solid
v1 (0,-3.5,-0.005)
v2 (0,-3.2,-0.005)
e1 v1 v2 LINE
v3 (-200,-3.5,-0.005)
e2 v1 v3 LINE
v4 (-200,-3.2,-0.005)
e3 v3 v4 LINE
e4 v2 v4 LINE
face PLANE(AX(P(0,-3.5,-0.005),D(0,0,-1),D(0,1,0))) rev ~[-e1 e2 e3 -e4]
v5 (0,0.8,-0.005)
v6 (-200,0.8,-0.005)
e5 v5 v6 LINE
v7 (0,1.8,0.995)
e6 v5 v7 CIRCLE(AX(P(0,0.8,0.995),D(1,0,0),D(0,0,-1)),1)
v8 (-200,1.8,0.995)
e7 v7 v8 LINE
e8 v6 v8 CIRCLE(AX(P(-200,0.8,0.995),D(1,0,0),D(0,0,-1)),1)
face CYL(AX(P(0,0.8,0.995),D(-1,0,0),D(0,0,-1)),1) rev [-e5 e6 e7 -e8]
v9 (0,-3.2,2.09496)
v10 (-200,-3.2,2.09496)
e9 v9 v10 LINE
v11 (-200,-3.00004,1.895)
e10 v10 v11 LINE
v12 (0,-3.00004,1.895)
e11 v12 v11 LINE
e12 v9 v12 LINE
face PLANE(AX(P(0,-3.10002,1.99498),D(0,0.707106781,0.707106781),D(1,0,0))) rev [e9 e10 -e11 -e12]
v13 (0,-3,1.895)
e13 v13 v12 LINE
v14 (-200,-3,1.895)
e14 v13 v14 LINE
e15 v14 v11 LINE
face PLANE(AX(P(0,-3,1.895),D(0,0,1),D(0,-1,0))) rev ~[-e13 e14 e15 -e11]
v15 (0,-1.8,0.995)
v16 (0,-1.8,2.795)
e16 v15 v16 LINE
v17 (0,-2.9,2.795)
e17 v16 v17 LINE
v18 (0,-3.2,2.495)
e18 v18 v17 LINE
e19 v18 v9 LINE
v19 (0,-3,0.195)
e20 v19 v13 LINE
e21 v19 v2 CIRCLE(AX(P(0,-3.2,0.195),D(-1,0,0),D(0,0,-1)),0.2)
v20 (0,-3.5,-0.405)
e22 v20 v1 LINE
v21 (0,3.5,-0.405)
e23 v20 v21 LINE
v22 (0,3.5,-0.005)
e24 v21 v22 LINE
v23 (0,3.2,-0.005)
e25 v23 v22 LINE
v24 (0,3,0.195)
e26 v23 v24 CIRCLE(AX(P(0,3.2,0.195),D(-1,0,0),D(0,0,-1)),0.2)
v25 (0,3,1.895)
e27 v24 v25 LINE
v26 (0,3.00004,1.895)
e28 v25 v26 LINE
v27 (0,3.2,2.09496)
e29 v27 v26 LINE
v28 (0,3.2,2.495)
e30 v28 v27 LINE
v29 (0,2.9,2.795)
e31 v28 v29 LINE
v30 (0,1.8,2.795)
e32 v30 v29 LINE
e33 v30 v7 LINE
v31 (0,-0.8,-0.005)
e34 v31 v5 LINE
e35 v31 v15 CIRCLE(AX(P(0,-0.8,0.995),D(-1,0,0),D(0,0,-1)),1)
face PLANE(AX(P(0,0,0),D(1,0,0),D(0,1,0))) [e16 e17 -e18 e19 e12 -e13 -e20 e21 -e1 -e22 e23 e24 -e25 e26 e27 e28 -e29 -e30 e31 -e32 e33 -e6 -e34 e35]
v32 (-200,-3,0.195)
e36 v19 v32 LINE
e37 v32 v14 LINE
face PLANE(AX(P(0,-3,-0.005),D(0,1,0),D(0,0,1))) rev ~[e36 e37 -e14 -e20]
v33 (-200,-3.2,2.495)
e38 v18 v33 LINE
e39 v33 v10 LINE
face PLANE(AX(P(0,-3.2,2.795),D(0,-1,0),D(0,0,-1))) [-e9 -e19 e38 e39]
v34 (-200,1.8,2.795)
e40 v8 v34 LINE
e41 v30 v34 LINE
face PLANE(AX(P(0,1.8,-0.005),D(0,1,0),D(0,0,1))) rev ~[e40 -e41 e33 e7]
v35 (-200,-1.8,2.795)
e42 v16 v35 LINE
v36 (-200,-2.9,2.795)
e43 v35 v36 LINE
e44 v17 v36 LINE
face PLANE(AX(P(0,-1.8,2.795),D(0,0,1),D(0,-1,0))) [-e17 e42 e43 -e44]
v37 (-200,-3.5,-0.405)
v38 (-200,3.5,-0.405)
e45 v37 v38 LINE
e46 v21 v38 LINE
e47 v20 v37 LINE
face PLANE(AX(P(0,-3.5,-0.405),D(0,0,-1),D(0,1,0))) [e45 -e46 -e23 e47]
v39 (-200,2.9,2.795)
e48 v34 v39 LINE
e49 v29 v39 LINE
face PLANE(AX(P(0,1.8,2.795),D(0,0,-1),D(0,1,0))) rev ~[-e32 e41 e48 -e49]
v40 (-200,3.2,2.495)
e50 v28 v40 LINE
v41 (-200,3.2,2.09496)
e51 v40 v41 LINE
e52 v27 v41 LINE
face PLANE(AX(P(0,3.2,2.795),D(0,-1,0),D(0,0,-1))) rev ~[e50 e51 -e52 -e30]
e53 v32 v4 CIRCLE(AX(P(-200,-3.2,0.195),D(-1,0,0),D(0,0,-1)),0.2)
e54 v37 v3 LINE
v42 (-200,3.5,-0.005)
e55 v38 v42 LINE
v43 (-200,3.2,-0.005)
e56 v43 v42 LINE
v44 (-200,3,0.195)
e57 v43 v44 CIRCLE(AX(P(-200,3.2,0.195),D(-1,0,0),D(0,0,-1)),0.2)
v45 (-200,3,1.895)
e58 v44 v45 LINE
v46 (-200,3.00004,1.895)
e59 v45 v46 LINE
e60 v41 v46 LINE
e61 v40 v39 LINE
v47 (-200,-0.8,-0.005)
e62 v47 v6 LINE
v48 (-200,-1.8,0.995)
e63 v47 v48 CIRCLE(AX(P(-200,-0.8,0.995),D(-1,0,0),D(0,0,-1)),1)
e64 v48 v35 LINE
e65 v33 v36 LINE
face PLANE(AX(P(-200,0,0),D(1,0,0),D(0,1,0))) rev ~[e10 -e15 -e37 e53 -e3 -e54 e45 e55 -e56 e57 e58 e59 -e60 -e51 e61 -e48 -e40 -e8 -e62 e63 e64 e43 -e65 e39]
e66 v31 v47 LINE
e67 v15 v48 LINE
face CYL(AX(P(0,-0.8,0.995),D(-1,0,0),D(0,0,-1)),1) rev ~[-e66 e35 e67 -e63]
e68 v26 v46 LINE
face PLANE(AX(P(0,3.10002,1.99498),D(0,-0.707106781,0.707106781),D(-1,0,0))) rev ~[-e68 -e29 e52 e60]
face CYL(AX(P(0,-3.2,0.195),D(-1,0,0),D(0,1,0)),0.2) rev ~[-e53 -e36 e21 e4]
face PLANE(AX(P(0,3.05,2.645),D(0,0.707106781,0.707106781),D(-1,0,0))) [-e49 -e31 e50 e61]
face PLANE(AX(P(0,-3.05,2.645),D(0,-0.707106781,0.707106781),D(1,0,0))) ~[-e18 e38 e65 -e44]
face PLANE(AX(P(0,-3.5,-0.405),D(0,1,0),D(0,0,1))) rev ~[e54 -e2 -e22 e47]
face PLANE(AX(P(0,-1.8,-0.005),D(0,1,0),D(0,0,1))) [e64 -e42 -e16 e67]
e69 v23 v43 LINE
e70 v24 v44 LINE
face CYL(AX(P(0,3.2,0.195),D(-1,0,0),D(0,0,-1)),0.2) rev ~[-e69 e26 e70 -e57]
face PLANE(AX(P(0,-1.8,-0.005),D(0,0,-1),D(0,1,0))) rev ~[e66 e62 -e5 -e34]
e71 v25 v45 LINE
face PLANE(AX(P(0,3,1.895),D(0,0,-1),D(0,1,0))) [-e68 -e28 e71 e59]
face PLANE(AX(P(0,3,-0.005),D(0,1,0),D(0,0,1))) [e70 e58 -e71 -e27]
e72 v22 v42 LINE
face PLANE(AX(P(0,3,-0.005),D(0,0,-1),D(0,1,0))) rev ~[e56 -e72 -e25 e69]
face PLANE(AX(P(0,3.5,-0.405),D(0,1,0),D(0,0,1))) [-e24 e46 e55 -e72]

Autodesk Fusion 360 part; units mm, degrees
sketch "Sketch1" plane through (0, 0, 0) normal (1, 0, 0) x (0, 1, 0) in component "Cover"
sketch "Sketch2" plane through (0, 0, 0) normal (1, 0, 0) x (0, 1, 0) in component "Cover"
  line L0 (-3.5, -0.405) -> (3.5, -0.405)
  line L1 (-3.5, -0.405) -> (-3.5, -0.005)
  line L2 (3.5, -0.405) -> (3.5, -0.005)
  line L3 (-3, -0.005) -> (-3, 1.895)
  line L4 (3, -0.005) -> (3, 1.895)
  line L5 (-1.8, -0.005) -> (-1.8, 1.895)
  line L6 (1.8, -0.005) -> (1.8, 1.895)
  line L7 (-1.8, 1.895) -> (-1.8, 2.795)
  line L8 (1.8, 1.895) -> (1.8, 2.795)
  line L9 (-1.8, 2.795) -> (-3.2, 2.795)
  line L10 (1.8, 2.795) -> (3.2, 2.795)
  line L11 (-3, 1.895) -> (-3.2, 1.895)
  line L12 (3, 1.895) -> (3.2, 1.895)
  line L13 (-3.2, 2.795) -> (-3.2, 1.895)
  line L14 (3.2, 2.795) -> (3.2, 1.895)
  line L15 (-3.5, -0.005) -> (-3, -0.005)
  line L16 (-1.8, -0.005) -> (1.8, -0.005)
  line L17 (3, -0.005) -> (3.5, -0.005)
  dimension "d6" = 7
  dimension "d10" = 0.4
  dimension "d12" = 0.4
  dimension "d13" = 3
  dimension "d14" = 3
  dimension "d17" = 1.9
  dimension "d18" = 1.9
  dimension "d20" = 1.2
  dimension "d21" = 1.2
  dimension "d25" = 1.4
  dimension "d26" = 0.2
  dimension "d39" = 2.8
  dimension "d40" = 0.005
  dimension "d41" = 3.5
extrude "Extrude1" add sketch "Sketch2" against normal blind 200 in component "Cover"
fillet "Fillet1" radius 1 1 edges at (-100, 1.8, -0.005) in component "Cover"
fillet "Fillet2" radius 1 1 edges at (-100, -1.8, -0.005) in component "Cover"
chamfer "Chamfer1" distance 0.2 angle 45 1 edges at (-100, 3.2, 1.895) in component "Cover"
chamfer "Chamfer2" distance 0.2 angle 45 1 edges at (-100, -3.2, 1.895) in component "Cover"
fillet "Fillet3" radius 0.2 1 edges at (-100, -3, -0.005) in component "Cover"
fillet "Fillet4" radius 0.2 1 edges at (-100, 3, -0.005) in component "Cover"
chamfer "Chamfer3" distance 0.3 angle 45 2 edges at (-100, -3.2, 2.795) (-100, 3.2, 2.795) in component "Cover"
component "Cover" placed x (1, 0, 0) y (0, 1, 0) z (0, 0, 1) at (0, 0, 0)
equation "width_bottom = 7 mm"
equation "Bottom_radius = 0.2 mm"
equation "radius_inside = 1 mm"
equation "chamfer_inside = 0.2 mm"
equation "length = 200 mm"
equation "d6 = width_bottom"
equation "layer_height = 0.2 mm"
equation "d10 = num_layer_bottom * layer_height"
equation "num_layer_bottom = 2"
equation "d12 = num_layer_bottom * layer_height"
equation "height_below_chamfer = 1.9 mm"
equation "chamfe_angle = 60 deg"
equation "d17 = height_below_chamfer"
equation "d18 = height_below_chamfer"
equation "wall_width = 1.2 mm"
equation "d20 = wall_width"
equation "d21 = wall_width"
equation "overhang = 0.2 mm"
equation "height_overall = 2.8 mm"
equation "d25 = wall_width + overhang"
equation "d26 = overhang"
equation "d27 = -length"
equation "d30 = radius_inside"
equation "d32 = radius_inside"
equation "d33 = chamfer_inside"
equation "d34 = chamfer_inside"
equation "d36 = Bottom_radius"
equation "d38 = Bottom_radius"
equation "d39 = height_overall"
equation "d41 = width_bottom / 2"
